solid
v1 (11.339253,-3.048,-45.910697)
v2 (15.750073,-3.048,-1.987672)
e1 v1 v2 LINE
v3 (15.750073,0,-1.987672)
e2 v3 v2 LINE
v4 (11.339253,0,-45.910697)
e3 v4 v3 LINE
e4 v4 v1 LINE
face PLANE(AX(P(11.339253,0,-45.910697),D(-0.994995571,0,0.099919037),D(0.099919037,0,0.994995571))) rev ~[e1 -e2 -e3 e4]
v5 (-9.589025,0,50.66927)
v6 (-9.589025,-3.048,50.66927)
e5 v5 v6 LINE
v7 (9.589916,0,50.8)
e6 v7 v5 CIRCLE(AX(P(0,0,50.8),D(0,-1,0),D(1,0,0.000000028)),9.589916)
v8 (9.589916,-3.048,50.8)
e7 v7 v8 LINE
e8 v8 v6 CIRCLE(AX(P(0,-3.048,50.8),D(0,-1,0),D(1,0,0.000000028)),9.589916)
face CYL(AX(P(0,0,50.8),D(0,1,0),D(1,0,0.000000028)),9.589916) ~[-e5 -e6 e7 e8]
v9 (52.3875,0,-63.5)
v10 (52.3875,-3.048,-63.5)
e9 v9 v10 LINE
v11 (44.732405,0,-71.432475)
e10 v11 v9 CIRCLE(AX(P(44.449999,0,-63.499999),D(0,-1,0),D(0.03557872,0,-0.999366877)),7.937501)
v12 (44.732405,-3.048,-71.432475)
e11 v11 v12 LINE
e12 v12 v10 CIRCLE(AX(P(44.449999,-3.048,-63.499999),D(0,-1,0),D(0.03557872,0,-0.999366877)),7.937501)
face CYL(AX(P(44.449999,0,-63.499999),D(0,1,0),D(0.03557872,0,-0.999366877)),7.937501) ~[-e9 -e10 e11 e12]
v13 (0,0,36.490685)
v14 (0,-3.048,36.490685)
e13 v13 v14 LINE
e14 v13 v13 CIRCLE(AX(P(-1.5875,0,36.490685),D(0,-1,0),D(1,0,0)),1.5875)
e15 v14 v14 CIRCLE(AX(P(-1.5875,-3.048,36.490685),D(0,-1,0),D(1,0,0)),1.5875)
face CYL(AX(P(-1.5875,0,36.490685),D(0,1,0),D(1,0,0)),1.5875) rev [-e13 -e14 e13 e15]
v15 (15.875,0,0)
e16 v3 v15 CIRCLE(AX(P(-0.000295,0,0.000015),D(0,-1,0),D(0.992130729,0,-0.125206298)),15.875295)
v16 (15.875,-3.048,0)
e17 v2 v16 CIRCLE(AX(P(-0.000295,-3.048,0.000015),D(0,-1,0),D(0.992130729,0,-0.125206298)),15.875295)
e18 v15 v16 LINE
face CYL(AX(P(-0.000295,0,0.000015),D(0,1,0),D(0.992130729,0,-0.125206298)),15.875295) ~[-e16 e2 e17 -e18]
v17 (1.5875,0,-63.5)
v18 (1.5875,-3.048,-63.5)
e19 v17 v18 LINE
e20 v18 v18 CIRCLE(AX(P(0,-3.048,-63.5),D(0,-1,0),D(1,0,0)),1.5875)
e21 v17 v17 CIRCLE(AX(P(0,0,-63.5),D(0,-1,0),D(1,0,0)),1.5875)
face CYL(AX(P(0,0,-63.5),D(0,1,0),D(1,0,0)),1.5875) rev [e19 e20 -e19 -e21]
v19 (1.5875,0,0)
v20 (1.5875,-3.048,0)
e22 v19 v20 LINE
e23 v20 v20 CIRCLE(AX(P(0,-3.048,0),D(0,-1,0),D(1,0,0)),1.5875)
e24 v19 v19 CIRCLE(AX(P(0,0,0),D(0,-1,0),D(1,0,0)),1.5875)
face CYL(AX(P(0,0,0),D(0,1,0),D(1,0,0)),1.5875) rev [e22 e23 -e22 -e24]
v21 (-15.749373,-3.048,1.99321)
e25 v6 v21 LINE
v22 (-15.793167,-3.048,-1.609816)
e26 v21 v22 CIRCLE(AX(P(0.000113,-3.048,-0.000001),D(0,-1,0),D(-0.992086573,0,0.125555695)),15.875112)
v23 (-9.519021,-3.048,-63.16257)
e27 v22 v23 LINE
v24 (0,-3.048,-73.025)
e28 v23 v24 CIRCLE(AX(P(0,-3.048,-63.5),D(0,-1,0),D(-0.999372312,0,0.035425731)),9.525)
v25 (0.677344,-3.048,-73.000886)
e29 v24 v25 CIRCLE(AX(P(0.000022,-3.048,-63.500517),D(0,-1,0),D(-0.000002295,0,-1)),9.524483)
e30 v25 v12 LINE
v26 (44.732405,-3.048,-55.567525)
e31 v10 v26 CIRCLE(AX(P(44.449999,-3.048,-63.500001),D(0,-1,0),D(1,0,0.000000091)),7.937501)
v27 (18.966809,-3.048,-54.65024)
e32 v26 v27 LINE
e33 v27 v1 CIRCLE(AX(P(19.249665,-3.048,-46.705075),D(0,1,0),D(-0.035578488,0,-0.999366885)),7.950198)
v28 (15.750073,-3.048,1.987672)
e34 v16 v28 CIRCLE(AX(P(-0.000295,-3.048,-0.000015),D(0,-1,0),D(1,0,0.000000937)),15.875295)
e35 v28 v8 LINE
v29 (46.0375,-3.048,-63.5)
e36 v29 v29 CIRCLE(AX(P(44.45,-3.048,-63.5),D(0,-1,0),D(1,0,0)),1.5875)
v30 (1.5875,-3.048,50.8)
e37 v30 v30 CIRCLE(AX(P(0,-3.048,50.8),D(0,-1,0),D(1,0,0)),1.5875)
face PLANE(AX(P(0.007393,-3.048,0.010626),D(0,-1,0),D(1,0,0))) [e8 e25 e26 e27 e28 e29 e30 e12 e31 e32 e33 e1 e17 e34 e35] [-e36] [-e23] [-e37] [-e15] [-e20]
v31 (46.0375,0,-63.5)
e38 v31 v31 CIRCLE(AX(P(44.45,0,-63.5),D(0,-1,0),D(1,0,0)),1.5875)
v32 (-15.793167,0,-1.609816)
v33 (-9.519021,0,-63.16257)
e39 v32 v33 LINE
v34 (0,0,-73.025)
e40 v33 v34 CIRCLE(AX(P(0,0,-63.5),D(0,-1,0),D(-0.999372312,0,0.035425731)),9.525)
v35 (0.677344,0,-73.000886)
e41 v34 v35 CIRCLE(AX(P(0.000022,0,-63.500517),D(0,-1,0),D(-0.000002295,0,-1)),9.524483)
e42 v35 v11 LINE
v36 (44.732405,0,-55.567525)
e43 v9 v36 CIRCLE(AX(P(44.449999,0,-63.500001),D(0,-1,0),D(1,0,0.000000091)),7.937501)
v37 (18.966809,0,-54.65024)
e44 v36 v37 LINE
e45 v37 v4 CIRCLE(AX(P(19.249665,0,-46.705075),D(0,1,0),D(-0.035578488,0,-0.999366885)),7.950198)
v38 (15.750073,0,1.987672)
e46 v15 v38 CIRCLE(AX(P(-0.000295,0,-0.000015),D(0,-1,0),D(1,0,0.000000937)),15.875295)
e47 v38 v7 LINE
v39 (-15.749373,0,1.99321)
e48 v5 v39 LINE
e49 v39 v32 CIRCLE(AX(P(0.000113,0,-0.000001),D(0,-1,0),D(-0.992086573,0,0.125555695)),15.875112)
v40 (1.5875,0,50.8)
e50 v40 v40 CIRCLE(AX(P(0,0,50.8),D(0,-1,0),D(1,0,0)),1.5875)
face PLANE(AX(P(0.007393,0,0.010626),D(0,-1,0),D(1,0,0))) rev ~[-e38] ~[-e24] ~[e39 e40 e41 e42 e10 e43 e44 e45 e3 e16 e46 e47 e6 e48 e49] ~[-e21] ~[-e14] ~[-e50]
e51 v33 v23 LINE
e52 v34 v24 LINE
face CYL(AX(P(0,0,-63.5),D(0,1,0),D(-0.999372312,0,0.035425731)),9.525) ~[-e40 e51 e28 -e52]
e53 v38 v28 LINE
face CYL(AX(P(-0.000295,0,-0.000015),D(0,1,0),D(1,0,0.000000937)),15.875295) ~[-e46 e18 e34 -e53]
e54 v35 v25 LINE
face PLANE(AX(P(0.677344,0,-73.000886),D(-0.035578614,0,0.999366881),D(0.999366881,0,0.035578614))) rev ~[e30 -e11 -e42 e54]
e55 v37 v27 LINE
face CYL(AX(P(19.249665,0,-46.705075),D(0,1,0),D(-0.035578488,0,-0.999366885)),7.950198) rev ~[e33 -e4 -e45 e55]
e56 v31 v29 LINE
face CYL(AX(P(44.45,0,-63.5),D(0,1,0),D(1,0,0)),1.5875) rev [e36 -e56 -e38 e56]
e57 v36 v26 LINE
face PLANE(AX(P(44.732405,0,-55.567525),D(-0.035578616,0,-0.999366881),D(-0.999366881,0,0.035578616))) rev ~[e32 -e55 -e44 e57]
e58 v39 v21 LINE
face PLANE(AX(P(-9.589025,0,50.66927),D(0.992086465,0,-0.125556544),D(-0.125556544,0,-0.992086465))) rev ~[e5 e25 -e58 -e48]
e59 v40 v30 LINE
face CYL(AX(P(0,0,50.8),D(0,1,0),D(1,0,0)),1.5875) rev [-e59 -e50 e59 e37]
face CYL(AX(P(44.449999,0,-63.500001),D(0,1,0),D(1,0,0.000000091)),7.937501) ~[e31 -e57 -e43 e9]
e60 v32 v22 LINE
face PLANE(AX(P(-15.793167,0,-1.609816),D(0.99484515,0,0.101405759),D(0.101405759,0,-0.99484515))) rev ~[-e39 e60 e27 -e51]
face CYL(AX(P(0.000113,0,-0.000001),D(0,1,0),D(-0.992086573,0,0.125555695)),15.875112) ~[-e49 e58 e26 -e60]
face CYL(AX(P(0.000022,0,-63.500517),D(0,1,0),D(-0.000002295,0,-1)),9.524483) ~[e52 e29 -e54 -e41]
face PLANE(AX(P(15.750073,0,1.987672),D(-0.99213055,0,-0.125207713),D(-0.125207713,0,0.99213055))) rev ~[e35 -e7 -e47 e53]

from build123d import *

# Parameters (mm, degrees)
F0_R     = 1.5875
F1_DEPTH = 3.048


with BuildPart() as f1:
    # F0 (on Front) → F1 (new body)
    with BuildSketch(Plane.XZ):
        with BuildLine():
            ThreePointArc((15.750073, -1.987672), (15.843737, -0.995797), (15.875, 0))
            ThreePointArc((15.875, 0), (15.843737, 0.995797), (15.750073, 1.987672))
            ThreePointArc((15.750073, 1.987672), (0.002791, 15.875), (-15.749373, 1.99321))
            ThreePointArc((-15.749373, 1.99321), (-15.873827, 0.192943), (-15.793167, -1.609816))
            ThreePointArc((-15.793167, -1.609816), (-0.190153, -15.873861), (15.750073, -1.987672))
        make_face()
        Circle(F0_R, mode=Mode.SUBTRACT)
        with BuildLine():
            ThreePointArc((-15.749373, 1.99321), (0.002791, 15.875), (15.750073, 1.987672))
            Line((15.750073, 1.987672), (9.589916, 50.8))
            ThreePointArc((9.589916, 50.8), (0.065367, 41.210307), (-9.589025, 50.66927))
            Line((-9.589025, 50.66927), (-15.749373, 1.99321))
        make_face()
        with Locations((-1.5875, 36.490685)):
            Circle(F0_R, mode=Mode.SUBTRACT)
        with BuildLine():
            Line((11.339253, -45.910697), (15.750073, -1.987672))
            ThreePointArc((15.750073, -1.987672), (-0.190153, -15.873861), (-15.793167, -1.609816))
            Line((-15.793167, -1.609816), (-9.519021, -63.16257))
            ThreePointArc((-9.519021, -63.16257), (0.168741, -53.976495), (9.525, -63.5))
            ThreePointArc((9.525, -63.5), (6.970557, -69.991299), (0.677344, -73.000886))
            Line((0.677344, -73.000886), (44.732405, -71.432475))
            ThreePointArc((44.732405, -71.432475), (36.5125, -63.5), (44.732405, -55.567525))
            Line((44.732405, -55.567525), (18.966809, -54.65024))
            ThreePointArc((18.966809, -54.65024), (13.259898, -51.932727), (11.339253, -45.910697))
        make_face()
        with BuildLine():
            ThreePointArc((-9.589025, 50.66927), (0.065367, 41.210307), (9.589916, 50.8))
            ThreePointArc((9.589916, 50.8), (-0.065367, 60.389693), (-9.589025, 50.66927))
        make_face()
        with Locations((0, 50.8)):
            Circle(F0_R, mode=Mode.SUBTRACT)
        with BuildLine():
            ThreePointArc((9.525, -63.5), (0.168741, -53.976495), (-9.519021, -63.16257))
            ThreePointArc((-9.519021, -63.16257), (-6.853453, -70.114817), (0, -73.025))
            Line((0, -73.025), (0.677344, -73.000886))
            ThreePointArc((0.677344, -73.000886), (6.970557, -69.991299), (9.525, -63.5))
        make_face()
        with Locations((0, -63.5)):
            Circle(F0_R, mode=Mode.SUBTRACT)
        with BuildLine():
            Line((0.677344, -73.000886), (0, -73.025))
            ThreePointArc((0, -73.025), (0.338886, -73.01897), (0.677344, -73.000886))
        make_face()
        with BuildLine():
            ThreePointArc((52.3875, -63.5), (50.161633, -57.98809), (44.732405, -55.567525))
            ThreePointArc((44.732405, -55.567525), (36.5125, -63.5), (44.732405, -71.432475))
            ThreePointArc((44.732405, -71.432475), (50.161633, -69.01191), (52.3875, -63.5))
        make_face()
        with Locations((44.45, -63.5)):
            Circle(F0_R, mode=Mode.SUBTRACT)
    extrude(amount=F1_DEPTH)


solid = f1.part
